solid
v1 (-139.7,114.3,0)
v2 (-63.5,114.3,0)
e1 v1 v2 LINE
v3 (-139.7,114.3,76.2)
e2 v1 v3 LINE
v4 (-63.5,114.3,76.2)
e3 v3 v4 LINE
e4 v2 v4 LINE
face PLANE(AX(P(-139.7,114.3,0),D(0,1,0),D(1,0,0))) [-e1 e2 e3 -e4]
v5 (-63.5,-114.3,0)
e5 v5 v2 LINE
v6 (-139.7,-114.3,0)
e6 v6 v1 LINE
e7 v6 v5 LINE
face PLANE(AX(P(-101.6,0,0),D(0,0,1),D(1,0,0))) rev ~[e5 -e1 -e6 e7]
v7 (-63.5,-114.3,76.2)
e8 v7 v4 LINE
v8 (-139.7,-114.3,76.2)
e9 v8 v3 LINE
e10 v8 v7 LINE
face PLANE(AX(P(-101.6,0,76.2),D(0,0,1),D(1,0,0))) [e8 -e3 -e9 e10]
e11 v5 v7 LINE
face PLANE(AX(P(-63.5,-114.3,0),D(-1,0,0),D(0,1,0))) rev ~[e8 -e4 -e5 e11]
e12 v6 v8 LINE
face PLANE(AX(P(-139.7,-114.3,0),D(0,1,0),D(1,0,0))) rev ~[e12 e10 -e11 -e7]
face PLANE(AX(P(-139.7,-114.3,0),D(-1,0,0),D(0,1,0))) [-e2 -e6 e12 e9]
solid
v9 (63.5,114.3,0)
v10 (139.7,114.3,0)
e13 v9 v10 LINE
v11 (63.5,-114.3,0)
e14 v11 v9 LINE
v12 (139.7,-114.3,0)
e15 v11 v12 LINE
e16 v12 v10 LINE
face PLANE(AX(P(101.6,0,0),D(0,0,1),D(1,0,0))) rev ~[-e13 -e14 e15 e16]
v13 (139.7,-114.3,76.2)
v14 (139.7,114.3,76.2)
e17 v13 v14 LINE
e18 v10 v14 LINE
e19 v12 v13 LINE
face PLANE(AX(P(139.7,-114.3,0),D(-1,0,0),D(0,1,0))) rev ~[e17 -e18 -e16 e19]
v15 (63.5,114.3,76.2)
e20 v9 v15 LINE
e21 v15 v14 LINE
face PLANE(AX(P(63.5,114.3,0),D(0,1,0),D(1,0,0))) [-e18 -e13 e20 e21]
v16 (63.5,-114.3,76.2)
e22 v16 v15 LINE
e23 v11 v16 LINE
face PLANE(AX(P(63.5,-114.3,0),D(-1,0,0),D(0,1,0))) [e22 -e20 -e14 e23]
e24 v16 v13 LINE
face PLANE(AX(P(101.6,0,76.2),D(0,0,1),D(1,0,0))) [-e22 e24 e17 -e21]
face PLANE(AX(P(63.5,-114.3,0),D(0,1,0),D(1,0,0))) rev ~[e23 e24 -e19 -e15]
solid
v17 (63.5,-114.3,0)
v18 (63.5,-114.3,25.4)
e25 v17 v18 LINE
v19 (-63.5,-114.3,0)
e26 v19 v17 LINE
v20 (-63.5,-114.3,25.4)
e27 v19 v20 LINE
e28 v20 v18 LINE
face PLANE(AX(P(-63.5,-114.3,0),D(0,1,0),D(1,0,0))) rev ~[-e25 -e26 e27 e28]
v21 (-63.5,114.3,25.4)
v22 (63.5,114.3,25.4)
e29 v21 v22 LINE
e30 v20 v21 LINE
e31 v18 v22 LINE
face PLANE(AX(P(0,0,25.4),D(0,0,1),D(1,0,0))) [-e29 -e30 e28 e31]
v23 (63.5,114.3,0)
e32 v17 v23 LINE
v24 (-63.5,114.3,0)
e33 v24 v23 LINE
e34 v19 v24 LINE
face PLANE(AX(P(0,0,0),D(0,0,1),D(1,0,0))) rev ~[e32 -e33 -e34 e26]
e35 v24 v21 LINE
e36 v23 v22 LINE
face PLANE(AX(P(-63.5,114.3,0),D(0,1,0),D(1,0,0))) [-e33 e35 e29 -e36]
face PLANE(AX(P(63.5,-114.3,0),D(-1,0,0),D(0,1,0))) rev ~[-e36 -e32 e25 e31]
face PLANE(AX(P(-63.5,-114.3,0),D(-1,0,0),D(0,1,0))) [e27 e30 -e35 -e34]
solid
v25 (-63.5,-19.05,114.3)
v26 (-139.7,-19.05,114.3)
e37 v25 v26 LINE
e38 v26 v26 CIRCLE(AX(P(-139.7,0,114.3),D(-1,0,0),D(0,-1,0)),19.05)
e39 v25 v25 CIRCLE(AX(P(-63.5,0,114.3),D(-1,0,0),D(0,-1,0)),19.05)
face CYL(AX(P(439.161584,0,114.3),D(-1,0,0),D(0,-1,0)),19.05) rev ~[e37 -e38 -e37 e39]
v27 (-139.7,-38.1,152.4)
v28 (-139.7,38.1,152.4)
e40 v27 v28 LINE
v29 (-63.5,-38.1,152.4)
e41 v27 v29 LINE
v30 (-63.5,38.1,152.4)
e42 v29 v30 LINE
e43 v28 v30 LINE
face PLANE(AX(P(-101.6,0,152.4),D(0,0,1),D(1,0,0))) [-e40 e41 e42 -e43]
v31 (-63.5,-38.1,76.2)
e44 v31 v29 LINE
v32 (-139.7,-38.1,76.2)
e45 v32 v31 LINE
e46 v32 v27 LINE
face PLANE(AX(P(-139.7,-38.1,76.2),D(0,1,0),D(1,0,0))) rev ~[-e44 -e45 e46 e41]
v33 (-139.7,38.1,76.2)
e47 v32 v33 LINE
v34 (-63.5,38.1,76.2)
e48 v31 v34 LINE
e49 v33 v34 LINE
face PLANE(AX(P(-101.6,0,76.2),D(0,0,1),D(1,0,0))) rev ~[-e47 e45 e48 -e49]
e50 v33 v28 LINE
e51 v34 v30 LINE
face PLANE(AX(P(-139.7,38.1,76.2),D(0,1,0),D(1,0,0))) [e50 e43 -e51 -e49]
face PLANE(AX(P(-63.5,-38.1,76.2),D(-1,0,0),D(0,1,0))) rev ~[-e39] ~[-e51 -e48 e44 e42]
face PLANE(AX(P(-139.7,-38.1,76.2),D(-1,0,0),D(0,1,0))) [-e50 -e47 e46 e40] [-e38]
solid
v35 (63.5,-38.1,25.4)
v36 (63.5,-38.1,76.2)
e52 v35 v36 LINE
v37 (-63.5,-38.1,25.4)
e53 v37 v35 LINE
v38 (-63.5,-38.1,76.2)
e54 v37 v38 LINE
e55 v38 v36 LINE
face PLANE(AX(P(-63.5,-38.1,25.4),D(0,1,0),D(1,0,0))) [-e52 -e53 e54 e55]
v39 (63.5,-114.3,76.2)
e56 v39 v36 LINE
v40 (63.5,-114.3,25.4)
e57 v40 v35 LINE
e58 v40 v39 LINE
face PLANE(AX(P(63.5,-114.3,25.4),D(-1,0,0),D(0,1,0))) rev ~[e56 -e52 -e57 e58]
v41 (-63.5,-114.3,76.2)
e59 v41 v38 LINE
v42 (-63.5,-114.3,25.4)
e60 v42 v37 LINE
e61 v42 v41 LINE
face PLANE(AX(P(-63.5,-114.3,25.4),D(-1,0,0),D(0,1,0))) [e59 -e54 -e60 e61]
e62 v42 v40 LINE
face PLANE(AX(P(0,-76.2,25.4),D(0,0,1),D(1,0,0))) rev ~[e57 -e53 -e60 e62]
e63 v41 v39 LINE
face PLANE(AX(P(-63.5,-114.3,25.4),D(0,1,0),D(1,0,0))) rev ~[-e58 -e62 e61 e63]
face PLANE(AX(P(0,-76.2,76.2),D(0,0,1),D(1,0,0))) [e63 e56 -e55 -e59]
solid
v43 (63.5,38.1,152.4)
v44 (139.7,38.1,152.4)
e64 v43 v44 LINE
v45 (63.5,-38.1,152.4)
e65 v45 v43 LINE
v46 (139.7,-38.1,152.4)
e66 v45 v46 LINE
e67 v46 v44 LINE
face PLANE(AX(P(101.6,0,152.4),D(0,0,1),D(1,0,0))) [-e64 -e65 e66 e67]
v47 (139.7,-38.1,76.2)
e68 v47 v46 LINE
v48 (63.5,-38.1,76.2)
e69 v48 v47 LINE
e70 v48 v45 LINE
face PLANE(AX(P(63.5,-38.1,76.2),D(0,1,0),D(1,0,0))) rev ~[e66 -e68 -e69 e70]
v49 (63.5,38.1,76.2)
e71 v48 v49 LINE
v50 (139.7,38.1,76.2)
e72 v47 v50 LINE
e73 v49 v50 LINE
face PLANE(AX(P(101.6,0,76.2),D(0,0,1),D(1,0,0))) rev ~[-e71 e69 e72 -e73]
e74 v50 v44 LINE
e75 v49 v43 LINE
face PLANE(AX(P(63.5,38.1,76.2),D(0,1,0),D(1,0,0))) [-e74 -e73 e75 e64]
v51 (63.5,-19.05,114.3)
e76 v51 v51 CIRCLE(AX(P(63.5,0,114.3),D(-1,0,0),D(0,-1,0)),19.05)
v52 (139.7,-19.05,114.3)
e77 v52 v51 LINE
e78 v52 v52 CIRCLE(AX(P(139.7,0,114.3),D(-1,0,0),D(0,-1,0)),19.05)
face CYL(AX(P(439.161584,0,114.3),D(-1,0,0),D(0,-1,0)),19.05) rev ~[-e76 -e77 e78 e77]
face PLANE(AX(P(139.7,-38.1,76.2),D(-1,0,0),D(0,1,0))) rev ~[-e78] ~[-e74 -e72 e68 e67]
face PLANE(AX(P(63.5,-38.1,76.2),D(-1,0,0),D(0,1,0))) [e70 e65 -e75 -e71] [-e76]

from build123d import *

# Parameters (mm, degrees)
F0_W     = 76.2
F0_H     = 228.6
F1_DEPTH = 76.2
F0_W_2   = 127
F2_DEPTH = 25.4
F3_W     = 127
F3_H     = 76.2
F4_DEPTH = 50.8
F5_W     = 76.2
F5_H     = 76.2
F6_W     = 76.2
F6_H     = 76.2
F7_DEPTH = 76.2
F9_D     = 38.1


with BuildPart() as f1:
    # F0 (on Top) → F1 (new body)
    with BuildSketch(Plane.XY):
        with Locations((-101.6, 0)):
            Rectangle(F0_W, F0_H)
        with Locations((101.6, 0)):
            Rectangle(F0_W, F0_H)
    extrude(amount=F1_DEPTH)


with BuildPart() as f2:
    # F0 (on Top) → F2 (new body)
    with BuildSketch(Plane.XY):
        Rectangle(F0_W_2, F0_H)
    extrude(amount=F2_DEPTH)


with BuildPart() as f4:
    # F3 (on face) → F4 (new body)
    with BuildSketch(Plane.XY.offset(25.4)):
        with Locations((0, -76.2)):
            Rectangle(F3_W, F3_H)
    extrude(amount=F4_DEPTH)


with BuildPart() as f7:
    # F5 (on face) + F6 (on face) → F7 (new body)
    with BuildSketch(Plane.XY.offset(76.2)):
        with Locations((-101.6, 0)):
            Rectangle(F5_W, F5_H)
    with BuildSketch(Plane.XY.offset(76.2)):
        with Locations((101.6, 0)):
            Rectangle(F6_W, F6_H)
    extrude(amount=F7_DEPTH)

    # F9 (through all)
    with Locations(Plane.YZ.offset(139.7)):
        with Locations((0, 114.3)):
            Hole(F9_D / 2)


solid = Compound([f1.part, f2.part, f4.part, f7.part])
